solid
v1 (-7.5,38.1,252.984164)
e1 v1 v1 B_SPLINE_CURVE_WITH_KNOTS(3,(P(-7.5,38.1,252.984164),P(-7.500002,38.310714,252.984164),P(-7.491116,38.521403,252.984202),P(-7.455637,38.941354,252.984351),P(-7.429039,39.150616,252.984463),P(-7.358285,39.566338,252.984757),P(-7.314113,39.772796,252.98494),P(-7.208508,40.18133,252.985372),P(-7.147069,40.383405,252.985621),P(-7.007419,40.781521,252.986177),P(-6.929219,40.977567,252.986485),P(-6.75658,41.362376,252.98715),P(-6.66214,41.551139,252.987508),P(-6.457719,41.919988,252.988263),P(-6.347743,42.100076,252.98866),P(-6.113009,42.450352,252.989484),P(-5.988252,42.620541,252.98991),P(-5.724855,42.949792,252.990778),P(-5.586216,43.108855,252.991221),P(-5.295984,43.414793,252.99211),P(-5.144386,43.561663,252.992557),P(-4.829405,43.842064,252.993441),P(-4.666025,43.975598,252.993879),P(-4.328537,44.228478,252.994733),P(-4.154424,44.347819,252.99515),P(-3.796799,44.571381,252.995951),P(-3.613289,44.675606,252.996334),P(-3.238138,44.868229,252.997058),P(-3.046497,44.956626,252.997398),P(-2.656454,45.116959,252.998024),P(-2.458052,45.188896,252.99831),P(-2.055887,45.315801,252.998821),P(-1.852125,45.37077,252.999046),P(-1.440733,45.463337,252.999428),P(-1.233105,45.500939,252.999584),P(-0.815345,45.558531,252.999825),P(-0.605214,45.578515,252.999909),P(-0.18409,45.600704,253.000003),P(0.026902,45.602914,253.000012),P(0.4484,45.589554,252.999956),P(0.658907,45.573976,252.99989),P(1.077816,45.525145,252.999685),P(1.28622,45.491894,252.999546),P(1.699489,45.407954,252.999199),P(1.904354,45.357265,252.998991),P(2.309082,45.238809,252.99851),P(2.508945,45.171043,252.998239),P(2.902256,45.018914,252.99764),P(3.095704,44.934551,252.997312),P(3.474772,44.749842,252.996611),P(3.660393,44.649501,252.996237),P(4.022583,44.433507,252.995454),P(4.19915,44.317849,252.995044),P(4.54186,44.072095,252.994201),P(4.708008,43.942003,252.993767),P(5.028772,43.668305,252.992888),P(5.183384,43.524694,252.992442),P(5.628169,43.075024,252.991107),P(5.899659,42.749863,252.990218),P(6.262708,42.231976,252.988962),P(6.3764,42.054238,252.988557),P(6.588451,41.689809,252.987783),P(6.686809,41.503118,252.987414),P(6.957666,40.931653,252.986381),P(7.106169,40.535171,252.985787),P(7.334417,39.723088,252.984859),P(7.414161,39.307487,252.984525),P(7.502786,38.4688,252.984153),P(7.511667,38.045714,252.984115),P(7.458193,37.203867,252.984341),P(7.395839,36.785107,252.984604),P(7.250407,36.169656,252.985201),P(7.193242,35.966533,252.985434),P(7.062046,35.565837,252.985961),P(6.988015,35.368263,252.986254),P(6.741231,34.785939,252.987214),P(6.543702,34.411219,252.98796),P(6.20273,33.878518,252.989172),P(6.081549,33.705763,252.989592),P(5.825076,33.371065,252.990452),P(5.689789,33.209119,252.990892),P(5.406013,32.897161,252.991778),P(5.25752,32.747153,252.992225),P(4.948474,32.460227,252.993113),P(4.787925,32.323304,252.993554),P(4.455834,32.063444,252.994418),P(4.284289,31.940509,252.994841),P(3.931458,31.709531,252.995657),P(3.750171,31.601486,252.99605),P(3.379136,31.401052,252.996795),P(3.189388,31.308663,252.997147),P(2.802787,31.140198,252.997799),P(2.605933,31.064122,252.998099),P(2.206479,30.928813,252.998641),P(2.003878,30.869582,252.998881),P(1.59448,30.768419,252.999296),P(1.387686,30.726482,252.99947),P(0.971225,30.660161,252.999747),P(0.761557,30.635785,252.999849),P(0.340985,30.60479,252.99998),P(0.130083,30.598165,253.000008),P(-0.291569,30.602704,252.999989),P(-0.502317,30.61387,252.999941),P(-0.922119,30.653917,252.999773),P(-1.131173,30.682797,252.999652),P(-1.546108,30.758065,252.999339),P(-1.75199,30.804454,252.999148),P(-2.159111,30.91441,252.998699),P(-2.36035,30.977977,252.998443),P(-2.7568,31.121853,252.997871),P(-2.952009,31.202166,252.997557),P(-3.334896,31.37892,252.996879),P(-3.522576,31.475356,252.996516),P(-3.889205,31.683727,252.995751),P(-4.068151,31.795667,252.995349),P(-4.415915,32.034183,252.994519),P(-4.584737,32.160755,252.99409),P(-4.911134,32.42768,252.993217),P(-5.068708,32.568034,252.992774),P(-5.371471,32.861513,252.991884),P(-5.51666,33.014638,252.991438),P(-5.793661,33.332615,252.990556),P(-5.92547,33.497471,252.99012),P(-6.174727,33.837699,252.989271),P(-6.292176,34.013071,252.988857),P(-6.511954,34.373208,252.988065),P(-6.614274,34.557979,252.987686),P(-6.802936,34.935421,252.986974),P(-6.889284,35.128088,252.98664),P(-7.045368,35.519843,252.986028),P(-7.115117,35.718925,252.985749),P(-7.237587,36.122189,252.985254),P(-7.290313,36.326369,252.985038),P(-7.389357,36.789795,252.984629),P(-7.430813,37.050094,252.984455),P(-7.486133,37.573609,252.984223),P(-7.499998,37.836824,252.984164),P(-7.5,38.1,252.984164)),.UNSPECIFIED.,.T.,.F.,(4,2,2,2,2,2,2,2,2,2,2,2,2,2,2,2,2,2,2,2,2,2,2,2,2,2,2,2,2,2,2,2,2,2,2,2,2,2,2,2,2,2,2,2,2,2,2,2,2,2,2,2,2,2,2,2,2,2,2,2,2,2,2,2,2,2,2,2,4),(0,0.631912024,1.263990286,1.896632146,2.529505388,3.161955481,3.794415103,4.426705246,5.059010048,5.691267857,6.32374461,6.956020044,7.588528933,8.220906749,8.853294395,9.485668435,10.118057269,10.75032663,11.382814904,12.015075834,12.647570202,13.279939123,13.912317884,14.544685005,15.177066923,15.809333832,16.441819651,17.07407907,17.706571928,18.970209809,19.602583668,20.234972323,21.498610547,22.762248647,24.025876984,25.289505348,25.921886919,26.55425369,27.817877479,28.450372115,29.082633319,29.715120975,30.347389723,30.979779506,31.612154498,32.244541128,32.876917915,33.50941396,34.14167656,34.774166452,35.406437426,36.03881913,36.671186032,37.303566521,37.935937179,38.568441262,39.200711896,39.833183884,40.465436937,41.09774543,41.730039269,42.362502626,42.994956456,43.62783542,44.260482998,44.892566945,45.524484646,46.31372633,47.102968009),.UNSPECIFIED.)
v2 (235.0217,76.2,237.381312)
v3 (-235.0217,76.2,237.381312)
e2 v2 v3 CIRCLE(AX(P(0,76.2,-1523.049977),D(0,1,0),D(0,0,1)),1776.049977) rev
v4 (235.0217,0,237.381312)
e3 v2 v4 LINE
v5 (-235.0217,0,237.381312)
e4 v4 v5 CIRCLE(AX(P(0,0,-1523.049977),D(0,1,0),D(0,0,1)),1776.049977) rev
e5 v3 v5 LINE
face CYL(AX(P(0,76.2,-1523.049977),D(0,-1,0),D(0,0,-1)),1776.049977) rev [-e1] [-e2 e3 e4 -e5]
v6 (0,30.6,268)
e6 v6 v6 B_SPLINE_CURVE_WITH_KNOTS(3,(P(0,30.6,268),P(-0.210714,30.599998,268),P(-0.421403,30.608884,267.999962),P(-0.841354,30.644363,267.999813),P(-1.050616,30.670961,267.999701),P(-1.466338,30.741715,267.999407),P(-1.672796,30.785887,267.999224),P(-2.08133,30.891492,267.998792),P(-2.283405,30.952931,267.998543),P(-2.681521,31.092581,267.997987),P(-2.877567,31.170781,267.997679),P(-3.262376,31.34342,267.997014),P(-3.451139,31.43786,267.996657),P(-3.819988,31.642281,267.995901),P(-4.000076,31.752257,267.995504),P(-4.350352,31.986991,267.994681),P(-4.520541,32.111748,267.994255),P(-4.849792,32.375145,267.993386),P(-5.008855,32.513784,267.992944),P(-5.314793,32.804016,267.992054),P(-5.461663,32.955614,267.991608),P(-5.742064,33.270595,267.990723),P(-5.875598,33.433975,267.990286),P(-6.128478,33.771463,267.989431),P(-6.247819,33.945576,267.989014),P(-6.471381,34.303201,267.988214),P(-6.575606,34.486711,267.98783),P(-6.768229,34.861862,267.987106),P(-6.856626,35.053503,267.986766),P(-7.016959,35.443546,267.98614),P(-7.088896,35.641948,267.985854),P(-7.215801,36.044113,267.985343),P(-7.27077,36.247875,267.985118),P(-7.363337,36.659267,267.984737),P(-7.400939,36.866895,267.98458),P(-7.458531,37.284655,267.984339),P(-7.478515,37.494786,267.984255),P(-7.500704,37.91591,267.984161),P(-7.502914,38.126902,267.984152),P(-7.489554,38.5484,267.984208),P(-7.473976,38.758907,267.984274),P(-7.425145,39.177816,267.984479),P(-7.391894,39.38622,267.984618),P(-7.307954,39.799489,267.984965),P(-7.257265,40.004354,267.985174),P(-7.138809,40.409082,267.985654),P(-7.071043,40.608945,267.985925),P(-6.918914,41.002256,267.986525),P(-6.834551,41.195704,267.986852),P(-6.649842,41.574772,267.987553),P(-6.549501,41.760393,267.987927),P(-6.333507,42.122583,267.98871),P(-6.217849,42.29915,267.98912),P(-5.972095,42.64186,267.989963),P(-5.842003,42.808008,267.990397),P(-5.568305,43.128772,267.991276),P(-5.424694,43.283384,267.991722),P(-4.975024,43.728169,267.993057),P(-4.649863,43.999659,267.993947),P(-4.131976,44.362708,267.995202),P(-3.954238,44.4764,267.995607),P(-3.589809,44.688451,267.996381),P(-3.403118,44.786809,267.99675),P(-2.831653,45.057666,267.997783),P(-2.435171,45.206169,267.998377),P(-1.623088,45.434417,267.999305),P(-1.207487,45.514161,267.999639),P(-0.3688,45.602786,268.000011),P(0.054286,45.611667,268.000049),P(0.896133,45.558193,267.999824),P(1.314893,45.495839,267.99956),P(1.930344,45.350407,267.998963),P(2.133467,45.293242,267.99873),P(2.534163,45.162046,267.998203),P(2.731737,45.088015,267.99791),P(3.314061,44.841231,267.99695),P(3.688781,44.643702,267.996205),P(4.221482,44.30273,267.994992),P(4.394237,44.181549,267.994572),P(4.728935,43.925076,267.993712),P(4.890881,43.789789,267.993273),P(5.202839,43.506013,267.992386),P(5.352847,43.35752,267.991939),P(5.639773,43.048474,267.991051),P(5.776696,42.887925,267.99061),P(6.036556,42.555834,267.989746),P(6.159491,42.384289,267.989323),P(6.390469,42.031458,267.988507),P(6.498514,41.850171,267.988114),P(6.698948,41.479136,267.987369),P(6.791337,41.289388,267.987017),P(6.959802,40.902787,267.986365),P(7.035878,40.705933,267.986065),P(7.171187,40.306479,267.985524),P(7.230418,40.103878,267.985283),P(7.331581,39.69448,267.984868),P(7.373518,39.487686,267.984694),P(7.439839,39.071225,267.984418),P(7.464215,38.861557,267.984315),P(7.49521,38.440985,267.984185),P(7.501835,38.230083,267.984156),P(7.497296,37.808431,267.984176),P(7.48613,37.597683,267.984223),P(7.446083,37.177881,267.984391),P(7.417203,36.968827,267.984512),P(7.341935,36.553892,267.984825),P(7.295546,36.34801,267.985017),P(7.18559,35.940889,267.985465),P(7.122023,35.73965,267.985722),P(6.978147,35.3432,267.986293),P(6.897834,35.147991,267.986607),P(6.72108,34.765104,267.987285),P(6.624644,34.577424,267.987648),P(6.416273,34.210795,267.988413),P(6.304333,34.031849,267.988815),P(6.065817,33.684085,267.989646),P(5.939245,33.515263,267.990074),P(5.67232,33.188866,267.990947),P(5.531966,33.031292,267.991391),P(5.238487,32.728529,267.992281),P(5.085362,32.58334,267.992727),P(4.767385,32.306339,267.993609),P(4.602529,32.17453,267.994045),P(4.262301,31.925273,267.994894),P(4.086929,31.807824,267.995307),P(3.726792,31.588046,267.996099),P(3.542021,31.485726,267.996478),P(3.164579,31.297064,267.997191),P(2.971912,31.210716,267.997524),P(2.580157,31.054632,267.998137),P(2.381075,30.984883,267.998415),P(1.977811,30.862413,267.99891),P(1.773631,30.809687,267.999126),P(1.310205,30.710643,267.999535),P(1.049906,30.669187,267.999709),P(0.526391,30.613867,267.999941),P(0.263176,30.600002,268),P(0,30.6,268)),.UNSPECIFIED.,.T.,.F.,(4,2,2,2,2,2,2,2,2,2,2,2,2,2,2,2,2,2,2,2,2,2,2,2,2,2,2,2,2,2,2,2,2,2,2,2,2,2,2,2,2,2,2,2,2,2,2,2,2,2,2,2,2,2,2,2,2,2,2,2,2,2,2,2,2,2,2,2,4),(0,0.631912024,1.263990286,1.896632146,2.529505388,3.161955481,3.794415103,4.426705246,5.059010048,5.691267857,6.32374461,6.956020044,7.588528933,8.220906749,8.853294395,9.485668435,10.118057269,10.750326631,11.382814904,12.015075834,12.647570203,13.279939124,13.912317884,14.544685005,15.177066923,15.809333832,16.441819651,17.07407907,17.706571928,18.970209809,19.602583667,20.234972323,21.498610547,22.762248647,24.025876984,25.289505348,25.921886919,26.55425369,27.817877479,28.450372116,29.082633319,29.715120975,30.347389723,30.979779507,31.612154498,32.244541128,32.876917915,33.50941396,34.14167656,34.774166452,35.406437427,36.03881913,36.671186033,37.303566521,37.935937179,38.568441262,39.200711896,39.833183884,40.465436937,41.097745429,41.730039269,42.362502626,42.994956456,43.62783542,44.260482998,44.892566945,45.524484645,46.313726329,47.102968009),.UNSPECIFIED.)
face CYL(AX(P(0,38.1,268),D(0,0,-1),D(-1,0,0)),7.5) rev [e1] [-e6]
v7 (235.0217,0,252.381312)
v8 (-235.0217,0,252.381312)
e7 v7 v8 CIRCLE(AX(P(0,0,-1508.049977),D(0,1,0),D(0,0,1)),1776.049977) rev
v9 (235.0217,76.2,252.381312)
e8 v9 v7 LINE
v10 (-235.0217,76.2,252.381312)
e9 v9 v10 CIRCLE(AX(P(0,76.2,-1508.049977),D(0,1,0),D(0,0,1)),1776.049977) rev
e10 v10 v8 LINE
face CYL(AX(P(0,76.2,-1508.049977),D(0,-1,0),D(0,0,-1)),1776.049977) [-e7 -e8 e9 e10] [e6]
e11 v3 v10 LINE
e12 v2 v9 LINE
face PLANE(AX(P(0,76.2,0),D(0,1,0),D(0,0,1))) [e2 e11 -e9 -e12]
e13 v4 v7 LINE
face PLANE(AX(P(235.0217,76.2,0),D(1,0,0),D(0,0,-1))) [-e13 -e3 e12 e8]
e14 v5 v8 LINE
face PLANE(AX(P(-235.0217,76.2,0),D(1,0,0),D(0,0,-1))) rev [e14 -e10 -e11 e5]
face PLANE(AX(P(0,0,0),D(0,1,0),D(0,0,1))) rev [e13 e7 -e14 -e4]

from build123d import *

# Parameters (mm, degrees)
BOSS_EXTRUDE1_DEPTH = 76.2
SKETCH13_R          = 7.5
CUT_EXTRUDE1_DEPTH  = 269


with BuildPart() as part:
    # Sketch1 → Boss-Extrude1 (new body)
    with BuildSketch(Plane(origin=(0, 0, 0), x_dir=(1, 0, 0), z_dir=(0, 1, 0))):
        with BuildLine():
            ThreePointArc((235.021699517, -237.381311512), (0, -253), (-235.021699517, -237.381311512))
            Line((-235.021699517, -237.381311512), (-235.021699517, -252.381311512))
            ThreePointArc((-235.021699517, -252.381311512), (0, -268), (235.021699517, -252.381311512))
            Line((235.021699517, -252.381311512), (235.021699517, -237.381311512))
        make_face()
    extrude(amount=BOSS_EXTRUDE1_DEPTH)

    # Sketch13 → Cut-Extrude1 (cut, through all)
    with BuildSketch(Plane.XY):
        with Locations((0, 38.1)):
            Circle(SKETCH13_R)
    extrude(amount=CUT_EXTRUDE1_DEPTH, mode=Mode.SUBTRACT)


solid = part.part
